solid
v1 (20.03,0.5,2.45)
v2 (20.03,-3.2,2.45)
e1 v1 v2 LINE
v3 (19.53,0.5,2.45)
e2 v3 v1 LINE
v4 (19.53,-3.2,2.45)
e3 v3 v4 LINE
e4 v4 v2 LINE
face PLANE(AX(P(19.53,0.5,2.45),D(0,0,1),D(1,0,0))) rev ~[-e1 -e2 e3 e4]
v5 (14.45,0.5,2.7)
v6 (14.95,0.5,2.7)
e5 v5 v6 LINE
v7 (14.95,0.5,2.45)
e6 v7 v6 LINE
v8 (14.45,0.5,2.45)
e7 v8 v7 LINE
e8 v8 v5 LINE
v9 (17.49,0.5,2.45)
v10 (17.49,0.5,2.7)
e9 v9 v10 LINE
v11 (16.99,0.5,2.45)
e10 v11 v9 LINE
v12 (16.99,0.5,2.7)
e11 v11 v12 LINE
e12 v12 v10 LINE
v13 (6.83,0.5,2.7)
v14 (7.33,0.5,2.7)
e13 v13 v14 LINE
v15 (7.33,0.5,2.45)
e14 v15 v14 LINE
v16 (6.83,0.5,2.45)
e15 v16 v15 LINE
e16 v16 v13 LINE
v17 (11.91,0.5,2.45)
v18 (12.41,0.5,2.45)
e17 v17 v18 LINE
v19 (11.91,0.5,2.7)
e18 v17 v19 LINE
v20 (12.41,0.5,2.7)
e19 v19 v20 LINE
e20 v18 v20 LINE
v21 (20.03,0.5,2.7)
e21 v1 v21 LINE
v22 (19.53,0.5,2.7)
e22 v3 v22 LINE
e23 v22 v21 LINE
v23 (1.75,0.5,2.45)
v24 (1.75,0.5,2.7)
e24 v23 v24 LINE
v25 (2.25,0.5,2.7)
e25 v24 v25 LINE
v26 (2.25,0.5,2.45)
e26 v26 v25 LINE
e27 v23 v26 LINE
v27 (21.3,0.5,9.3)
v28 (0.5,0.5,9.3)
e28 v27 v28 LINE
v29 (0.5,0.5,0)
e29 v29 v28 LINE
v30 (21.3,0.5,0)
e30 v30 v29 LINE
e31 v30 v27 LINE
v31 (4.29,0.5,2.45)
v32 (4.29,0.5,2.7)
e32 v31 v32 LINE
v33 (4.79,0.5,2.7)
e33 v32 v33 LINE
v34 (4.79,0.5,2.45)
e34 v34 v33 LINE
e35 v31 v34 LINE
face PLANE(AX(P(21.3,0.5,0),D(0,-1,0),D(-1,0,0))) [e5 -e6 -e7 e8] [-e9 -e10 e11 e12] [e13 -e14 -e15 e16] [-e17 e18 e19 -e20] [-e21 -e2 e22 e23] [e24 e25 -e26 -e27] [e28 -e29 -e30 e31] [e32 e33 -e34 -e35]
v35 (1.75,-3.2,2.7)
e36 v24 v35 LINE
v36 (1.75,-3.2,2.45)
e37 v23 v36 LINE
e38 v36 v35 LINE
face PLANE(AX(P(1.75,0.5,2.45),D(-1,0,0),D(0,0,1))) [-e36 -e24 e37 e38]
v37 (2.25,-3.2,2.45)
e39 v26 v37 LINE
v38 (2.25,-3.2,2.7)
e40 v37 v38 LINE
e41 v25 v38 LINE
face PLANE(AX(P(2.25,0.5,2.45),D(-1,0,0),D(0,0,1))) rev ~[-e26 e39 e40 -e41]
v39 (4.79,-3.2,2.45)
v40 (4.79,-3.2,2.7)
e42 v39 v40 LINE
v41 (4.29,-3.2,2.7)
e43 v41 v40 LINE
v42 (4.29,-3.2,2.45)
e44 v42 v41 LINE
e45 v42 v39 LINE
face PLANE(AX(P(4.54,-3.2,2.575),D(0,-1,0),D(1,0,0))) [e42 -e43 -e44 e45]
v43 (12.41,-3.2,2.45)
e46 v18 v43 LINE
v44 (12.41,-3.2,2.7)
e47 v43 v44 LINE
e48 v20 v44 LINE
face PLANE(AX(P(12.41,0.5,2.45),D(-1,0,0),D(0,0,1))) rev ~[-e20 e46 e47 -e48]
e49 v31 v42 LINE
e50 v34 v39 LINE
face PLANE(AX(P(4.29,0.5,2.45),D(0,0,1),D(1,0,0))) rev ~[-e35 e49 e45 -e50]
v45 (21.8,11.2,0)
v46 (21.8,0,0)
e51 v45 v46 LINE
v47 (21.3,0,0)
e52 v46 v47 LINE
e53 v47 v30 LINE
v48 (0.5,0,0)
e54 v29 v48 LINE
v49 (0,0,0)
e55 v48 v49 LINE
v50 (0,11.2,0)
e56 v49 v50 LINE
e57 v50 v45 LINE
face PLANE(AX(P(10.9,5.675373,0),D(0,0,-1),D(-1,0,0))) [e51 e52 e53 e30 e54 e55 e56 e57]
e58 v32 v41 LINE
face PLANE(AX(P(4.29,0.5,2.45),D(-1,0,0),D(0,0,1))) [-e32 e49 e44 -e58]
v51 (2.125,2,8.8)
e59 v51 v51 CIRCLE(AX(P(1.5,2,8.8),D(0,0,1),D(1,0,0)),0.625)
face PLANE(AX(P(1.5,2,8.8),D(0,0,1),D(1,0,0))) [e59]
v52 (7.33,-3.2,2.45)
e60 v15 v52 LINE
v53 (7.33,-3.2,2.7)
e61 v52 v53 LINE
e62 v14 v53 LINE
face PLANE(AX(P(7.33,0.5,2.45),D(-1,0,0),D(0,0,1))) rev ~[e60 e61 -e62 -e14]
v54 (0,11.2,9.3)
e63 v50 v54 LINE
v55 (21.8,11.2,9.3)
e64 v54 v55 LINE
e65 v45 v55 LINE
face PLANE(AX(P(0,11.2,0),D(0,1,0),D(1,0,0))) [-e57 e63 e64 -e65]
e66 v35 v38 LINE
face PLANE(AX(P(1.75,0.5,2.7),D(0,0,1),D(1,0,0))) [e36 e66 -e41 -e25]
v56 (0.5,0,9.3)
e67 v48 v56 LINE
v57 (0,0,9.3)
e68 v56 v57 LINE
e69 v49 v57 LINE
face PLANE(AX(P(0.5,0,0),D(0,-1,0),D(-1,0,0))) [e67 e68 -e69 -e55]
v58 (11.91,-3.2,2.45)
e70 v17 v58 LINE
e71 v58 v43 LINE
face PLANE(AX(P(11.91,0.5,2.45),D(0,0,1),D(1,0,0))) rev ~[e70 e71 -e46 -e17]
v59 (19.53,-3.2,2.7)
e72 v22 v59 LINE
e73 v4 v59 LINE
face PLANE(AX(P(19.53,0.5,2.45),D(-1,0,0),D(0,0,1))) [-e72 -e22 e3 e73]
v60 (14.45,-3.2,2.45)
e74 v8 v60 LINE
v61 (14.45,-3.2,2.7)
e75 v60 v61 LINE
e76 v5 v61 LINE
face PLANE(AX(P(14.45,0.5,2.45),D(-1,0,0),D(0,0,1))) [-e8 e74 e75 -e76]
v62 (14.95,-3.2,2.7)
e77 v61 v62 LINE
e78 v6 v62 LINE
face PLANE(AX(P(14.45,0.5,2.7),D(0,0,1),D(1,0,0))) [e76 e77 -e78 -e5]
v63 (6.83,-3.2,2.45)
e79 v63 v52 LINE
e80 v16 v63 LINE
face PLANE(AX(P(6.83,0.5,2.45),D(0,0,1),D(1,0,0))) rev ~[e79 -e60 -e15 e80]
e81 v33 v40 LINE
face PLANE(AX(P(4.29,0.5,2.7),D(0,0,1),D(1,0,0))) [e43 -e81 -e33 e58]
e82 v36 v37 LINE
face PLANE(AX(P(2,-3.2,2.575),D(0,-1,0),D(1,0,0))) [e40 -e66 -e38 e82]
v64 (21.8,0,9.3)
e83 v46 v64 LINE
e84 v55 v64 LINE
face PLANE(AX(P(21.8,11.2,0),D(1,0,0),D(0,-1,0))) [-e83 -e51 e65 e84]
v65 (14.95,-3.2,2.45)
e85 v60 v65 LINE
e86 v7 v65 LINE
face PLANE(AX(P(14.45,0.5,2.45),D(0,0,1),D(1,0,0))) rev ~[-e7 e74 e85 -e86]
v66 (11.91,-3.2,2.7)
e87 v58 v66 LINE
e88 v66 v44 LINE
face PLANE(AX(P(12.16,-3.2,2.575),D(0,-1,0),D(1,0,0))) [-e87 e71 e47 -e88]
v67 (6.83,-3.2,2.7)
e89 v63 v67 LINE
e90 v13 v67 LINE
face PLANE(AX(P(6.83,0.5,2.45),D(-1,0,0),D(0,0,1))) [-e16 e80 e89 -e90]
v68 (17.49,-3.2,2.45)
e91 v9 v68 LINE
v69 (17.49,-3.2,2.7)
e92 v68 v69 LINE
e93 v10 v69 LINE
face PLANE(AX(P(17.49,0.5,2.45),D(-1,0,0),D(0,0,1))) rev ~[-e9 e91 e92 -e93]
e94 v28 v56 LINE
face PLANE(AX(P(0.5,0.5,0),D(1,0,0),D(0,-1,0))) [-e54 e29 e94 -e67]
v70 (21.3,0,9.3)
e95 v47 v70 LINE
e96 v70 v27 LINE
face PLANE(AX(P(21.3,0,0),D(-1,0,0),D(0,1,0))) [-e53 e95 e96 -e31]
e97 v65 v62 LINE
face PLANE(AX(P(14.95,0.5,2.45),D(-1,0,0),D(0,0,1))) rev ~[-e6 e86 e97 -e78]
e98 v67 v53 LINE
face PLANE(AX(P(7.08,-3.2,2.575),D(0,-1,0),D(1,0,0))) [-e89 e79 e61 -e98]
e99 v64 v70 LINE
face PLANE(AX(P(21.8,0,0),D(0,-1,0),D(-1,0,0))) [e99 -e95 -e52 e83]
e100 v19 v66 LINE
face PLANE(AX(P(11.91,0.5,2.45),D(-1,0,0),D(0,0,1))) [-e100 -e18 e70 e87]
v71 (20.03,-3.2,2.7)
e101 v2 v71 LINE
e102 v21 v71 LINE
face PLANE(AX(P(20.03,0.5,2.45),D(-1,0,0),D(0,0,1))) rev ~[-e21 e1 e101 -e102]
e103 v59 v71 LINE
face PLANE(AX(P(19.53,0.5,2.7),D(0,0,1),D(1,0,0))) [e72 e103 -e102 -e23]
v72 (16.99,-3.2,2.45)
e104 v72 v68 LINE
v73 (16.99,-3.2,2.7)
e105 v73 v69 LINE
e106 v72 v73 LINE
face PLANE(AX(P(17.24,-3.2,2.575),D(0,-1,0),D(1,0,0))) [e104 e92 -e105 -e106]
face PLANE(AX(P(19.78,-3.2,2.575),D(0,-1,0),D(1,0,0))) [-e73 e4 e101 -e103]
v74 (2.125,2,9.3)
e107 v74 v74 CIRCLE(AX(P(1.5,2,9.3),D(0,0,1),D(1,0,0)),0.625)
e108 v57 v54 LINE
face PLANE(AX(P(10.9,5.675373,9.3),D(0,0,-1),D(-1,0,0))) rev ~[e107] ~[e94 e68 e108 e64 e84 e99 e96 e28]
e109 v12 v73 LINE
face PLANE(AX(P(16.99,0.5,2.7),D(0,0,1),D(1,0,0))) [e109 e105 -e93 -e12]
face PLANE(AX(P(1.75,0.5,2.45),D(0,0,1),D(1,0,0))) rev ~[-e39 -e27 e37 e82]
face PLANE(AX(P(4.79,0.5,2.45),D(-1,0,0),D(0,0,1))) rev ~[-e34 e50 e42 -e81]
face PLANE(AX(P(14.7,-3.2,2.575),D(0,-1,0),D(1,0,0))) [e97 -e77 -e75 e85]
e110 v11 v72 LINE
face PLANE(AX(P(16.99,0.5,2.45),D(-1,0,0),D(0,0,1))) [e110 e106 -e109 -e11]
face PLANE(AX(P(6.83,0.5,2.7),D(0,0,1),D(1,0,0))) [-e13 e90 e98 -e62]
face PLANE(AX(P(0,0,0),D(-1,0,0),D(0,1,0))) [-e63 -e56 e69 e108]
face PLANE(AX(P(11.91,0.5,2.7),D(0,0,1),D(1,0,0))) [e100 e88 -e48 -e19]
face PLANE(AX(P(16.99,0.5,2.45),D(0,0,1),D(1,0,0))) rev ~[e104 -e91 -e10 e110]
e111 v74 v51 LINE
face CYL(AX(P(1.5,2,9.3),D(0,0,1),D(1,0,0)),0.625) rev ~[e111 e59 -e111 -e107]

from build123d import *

# Parameters (mm, degrees)
BOSS_EXTRUDE1_DEPTH = 9.3
SKETCH3_W           = 0.5
SKETCH3_H           = 0.25
BOSS_EXTRUDE2_DEPTH = 3.7
SKETCH4_R           = 0.625
CUT_EXTRUDE1_DEPTH  = 0.5


with BuildPart() as part:
    # Sketch2 → Boss-Extrude1 (new body)
    with BuildSketch(Plane.XY):
        Polygon((0, 0), (0, 11.2), (21.8, 11.2), (21.8, 0), (21.3, 0), (21.3, 0.5), (0.5, 0.5), (0.5, 0), align=None)
    extrude(amount=BOSS_EXTRUDE1_DEPTH)

    # Sketch3 → Boss-Extrude2 (add)
    with BuildSketch(Plane.XZ.offset(-0.5)):
        with Locations((2, 2.575)):
            Rectangle(SKETCH3_W, SKETCH3_H)
        with Locations((4.54, 2.575)):
            Rectangle(SKETCH3_W, SKETCH3_H)
        with Locations((7.08, 2.575)):
            Rectangle(SKETCH3_W, SKETCH3_H)
        with Locations((12.16, 2.575)):
            Rectangle(SKETCH3_W, SKETCH3_H)
        with Locations((14.7, 2.575)):
            Rectangle(SKETCH3_W, SKETCH3_H)
        with Locations((17.24, 2.575)):
            Rectangle(SKETCH3_W, SKETCH3_H)
        with Locations((19.78, 2.575)):
            Rectangle(SKETCH3_W, SKETCH3_H)
    extrude(amount=BOSS_EXTRUDE2_DEPTH)

    # Sketch4 → Cut-Extrude1 (cut)
    with BuildSketch(Plane.XY.offset(9.3)):
        with Locations((1.5, 2)):
            Circle(SKETCH4_R)
    extrude(amount=-CUT_EXTRUDE1_DEPTH, mode=Mode.SUBTRACT)


solid = part.part
